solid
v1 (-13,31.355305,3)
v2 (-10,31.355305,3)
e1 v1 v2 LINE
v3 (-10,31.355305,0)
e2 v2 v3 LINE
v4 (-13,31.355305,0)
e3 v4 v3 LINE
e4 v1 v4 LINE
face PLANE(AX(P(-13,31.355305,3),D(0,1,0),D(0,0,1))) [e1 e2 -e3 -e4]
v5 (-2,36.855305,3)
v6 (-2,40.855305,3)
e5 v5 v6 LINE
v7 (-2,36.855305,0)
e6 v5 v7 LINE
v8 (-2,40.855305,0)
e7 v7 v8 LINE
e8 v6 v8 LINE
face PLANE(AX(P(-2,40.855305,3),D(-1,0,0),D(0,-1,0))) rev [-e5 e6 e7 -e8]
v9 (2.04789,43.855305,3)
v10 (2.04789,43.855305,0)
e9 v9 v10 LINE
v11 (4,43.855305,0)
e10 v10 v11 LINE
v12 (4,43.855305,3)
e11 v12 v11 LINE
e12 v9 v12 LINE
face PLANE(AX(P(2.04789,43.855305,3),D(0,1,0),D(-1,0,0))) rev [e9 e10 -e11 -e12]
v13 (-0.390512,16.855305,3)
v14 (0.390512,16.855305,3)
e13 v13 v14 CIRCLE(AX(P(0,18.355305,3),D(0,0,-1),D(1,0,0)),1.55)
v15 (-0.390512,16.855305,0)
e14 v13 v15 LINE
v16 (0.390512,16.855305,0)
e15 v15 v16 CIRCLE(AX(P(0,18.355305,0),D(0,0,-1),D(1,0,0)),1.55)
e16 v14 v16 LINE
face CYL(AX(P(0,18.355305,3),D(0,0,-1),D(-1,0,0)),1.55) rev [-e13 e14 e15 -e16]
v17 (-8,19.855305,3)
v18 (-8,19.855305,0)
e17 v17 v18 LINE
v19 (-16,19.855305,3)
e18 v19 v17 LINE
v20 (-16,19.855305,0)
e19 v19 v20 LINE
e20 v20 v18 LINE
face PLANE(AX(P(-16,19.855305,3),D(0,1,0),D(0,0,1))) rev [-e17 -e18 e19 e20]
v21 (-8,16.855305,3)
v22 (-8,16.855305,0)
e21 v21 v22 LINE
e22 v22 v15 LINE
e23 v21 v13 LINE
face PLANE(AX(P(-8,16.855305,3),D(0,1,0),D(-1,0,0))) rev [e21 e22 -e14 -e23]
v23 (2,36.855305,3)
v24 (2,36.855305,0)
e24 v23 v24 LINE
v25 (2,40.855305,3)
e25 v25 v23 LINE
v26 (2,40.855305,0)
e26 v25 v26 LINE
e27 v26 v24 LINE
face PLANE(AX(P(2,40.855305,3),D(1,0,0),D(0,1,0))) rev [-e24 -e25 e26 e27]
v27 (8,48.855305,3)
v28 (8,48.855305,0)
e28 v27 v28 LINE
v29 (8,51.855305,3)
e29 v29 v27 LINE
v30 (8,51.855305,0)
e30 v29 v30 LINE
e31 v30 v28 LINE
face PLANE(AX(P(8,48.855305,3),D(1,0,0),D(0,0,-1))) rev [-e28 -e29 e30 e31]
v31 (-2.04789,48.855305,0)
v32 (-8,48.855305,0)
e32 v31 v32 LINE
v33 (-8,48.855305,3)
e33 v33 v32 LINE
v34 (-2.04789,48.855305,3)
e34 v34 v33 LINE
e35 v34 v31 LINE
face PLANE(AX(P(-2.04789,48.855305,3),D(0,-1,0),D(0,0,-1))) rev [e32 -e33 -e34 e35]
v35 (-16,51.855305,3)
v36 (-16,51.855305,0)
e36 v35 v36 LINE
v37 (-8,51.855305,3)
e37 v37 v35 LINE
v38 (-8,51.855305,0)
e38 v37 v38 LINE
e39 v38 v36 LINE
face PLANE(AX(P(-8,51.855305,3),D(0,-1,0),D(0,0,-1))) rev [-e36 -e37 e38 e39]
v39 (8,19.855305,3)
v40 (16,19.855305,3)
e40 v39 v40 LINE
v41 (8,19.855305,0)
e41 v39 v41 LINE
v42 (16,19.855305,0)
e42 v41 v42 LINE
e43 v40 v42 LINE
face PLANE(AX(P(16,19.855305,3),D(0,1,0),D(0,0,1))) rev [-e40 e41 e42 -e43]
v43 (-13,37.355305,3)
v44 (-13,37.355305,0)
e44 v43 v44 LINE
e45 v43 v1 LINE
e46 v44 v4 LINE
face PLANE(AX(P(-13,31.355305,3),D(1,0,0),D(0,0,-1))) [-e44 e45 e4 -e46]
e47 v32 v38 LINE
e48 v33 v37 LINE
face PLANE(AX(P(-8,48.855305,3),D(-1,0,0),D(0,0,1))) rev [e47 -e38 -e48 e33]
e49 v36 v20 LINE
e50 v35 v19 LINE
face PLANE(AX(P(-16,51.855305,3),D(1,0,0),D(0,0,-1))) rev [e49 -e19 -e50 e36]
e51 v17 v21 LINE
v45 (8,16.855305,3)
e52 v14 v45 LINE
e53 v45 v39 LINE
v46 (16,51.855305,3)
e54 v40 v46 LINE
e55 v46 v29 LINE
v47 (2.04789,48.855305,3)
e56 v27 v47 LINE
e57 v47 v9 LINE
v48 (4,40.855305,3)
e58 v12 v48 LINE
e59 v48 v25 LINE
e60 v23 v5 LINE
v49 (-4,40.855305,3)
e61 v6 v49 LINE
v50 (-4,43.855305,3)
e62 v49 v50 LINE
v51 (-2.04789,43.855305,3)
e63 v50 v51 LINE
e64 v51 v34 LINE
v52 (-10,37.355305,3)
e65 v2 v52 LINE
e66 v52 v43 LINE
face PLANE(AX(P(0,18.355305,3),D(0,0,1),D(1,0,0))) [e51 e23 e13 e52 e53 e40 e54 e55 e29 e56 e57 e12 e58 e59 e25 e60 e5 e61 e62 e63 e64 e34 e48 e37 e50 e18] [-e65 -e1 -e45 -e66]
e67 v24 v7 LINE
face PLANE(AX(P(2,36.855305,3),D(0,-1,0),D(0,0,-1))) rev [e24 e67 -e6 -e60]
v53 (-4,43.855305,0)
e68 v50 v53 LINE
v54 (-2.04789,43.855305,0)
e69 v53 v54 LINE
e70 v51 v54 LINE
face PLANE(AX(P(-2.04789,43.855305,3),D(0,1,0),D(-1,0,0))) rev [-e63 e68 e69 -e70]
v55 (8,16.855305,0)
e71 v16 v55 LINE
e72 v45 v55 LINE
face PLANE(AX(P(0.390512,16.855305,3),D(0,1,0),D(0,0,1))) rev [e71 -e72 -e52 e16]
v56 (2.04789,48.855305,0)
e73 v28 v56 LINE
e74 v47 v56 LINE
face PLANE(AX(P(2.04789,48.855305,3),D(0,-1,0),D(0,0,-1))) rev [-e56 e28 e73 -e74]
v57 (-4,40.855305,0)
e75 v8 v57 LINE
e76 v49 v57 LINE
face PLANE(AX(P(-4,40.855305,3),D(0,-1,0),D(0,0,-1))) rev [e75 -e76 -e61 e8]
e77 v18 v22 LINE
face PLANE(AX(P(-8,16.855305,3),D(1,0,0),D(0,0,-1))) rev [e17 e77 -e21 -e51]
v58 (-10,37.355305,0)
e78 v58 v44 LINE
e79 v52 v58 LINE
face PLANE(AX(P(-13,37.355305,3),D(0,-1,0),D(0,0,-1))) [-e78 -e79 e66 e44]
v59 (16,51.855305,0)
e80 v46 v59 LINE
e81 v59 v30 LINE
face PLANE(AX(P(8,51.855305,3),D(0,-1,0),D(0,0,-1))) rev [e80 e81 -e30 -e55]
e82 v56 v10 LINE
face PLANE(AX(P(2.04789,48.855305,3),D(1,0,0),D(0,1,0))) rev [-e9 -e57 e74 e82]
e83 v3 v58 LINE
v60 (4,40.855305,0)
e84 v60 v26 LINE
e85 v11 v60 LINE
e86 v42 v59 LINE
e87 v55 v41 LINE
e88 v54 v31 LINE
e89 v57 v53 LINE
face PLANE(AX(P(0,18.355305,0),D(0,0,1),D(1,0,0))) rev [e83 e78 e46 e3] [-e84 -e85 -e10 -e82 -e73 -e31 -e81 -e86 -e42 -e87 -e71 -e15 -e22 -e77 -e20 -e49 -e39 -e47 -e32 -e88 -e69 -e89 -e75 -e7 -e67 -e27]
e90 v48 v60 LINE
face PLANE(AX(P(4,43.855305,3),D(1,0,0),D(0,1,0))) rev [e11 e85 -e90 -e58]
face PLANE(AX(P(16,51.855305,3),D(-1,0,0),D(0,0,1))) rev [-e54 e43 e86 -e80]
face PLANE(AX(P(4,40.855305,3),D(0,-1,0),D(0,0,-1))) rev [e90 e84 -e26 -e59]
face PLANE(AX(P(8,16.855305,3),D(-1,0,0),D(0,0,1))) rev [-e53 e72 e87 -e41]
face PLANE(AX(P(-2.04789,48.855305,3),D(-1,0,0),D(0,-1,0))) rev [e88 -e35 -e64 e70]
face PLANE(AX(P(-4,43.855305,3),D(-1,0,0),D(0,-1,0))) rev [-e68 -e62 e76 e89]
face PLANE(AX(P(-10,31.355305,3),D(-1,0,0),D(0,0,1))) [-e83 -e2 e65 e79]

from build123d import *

# Parameters (mm, degrees)
SKETCH_2_W      = 3
SKETCH_2_H      = 6
EXTRUDE_1_DEPTH = 3


with BuildPart() as part:
    # 草图2 → 凸台-拉伸1 (new body)
    with BuildSketch(Plane.XY):
        with BuildLine():
            Line((2.047890023, 48.855305477), (8, 48.855305477))
            Line((8, 48.855305477), (8, 51.855305477))
            Line((8, 51.855305477), (16, 51.855305477))
            Line((16, 51.855305477), (16, 19.855305477))
            Line((16, 19.855305477), (8, 19.855305477))
            Line((8, 19.855305477), (8, 16.855305477))
            Line((8, 16.855305477), (0.390512484, 16.855305477))
            ThreePointArc((0.390512484, 16.855305477), (0, 19.905305477), (-0.390512484, 16.855305477))
            Line((-0.390512484, 16.855305477), (-8, 16.855305477))
            Line((-8, 16.855305477), (-8, 19.855305477))
            Line((-8, 19.855305477), (-16, 19.855305477))
            Line((-16, 19.855305477), (-16, 51.855305477))
            Line((-16, 51.855305477), (-8, 51.855305477))
            Line((-8, 51.855305477), (-8, 48.855305477))
            Line((-8, 48.855305477), (-2.047890023, 48.855305477))
            Line((-2.047890023, 48.855305477), (-2.047890023, 43.855305477))
            Line((-2.047890023, 43.855305477), (-4, 43.855305477))
            Line((-4, 43.855305477), (-4, 40.855305477))
            Line((-4, 40.855305477), (-2, 40.855305477))
            Line((-2, 40.855305477), (-2, 36.855305477))
            Line((-2, 36.855305477), (2, 36.855305477))
            Line((2, 36.855305477), (2, 40.855305477))
            Line((2, 40.855305477), (4, 40.855305477))
            Line((4, 40.855305477), (4, 43.855305477))
            Line((4, 43.855305477), (2.047890023, 43.855305477))
            Line((2.047890023, 43.855305477), (2.047890023, 48.855305477))
        make_face()
        with Locations((-11.5, 34.355305477)):
            Rectangle(SKETCH_2_W, SKETCH_2_H, mode=Mode.SUBTRACT)
    extrude(amount=EXTRUDE_1_DEPTH)


solid = part.part
